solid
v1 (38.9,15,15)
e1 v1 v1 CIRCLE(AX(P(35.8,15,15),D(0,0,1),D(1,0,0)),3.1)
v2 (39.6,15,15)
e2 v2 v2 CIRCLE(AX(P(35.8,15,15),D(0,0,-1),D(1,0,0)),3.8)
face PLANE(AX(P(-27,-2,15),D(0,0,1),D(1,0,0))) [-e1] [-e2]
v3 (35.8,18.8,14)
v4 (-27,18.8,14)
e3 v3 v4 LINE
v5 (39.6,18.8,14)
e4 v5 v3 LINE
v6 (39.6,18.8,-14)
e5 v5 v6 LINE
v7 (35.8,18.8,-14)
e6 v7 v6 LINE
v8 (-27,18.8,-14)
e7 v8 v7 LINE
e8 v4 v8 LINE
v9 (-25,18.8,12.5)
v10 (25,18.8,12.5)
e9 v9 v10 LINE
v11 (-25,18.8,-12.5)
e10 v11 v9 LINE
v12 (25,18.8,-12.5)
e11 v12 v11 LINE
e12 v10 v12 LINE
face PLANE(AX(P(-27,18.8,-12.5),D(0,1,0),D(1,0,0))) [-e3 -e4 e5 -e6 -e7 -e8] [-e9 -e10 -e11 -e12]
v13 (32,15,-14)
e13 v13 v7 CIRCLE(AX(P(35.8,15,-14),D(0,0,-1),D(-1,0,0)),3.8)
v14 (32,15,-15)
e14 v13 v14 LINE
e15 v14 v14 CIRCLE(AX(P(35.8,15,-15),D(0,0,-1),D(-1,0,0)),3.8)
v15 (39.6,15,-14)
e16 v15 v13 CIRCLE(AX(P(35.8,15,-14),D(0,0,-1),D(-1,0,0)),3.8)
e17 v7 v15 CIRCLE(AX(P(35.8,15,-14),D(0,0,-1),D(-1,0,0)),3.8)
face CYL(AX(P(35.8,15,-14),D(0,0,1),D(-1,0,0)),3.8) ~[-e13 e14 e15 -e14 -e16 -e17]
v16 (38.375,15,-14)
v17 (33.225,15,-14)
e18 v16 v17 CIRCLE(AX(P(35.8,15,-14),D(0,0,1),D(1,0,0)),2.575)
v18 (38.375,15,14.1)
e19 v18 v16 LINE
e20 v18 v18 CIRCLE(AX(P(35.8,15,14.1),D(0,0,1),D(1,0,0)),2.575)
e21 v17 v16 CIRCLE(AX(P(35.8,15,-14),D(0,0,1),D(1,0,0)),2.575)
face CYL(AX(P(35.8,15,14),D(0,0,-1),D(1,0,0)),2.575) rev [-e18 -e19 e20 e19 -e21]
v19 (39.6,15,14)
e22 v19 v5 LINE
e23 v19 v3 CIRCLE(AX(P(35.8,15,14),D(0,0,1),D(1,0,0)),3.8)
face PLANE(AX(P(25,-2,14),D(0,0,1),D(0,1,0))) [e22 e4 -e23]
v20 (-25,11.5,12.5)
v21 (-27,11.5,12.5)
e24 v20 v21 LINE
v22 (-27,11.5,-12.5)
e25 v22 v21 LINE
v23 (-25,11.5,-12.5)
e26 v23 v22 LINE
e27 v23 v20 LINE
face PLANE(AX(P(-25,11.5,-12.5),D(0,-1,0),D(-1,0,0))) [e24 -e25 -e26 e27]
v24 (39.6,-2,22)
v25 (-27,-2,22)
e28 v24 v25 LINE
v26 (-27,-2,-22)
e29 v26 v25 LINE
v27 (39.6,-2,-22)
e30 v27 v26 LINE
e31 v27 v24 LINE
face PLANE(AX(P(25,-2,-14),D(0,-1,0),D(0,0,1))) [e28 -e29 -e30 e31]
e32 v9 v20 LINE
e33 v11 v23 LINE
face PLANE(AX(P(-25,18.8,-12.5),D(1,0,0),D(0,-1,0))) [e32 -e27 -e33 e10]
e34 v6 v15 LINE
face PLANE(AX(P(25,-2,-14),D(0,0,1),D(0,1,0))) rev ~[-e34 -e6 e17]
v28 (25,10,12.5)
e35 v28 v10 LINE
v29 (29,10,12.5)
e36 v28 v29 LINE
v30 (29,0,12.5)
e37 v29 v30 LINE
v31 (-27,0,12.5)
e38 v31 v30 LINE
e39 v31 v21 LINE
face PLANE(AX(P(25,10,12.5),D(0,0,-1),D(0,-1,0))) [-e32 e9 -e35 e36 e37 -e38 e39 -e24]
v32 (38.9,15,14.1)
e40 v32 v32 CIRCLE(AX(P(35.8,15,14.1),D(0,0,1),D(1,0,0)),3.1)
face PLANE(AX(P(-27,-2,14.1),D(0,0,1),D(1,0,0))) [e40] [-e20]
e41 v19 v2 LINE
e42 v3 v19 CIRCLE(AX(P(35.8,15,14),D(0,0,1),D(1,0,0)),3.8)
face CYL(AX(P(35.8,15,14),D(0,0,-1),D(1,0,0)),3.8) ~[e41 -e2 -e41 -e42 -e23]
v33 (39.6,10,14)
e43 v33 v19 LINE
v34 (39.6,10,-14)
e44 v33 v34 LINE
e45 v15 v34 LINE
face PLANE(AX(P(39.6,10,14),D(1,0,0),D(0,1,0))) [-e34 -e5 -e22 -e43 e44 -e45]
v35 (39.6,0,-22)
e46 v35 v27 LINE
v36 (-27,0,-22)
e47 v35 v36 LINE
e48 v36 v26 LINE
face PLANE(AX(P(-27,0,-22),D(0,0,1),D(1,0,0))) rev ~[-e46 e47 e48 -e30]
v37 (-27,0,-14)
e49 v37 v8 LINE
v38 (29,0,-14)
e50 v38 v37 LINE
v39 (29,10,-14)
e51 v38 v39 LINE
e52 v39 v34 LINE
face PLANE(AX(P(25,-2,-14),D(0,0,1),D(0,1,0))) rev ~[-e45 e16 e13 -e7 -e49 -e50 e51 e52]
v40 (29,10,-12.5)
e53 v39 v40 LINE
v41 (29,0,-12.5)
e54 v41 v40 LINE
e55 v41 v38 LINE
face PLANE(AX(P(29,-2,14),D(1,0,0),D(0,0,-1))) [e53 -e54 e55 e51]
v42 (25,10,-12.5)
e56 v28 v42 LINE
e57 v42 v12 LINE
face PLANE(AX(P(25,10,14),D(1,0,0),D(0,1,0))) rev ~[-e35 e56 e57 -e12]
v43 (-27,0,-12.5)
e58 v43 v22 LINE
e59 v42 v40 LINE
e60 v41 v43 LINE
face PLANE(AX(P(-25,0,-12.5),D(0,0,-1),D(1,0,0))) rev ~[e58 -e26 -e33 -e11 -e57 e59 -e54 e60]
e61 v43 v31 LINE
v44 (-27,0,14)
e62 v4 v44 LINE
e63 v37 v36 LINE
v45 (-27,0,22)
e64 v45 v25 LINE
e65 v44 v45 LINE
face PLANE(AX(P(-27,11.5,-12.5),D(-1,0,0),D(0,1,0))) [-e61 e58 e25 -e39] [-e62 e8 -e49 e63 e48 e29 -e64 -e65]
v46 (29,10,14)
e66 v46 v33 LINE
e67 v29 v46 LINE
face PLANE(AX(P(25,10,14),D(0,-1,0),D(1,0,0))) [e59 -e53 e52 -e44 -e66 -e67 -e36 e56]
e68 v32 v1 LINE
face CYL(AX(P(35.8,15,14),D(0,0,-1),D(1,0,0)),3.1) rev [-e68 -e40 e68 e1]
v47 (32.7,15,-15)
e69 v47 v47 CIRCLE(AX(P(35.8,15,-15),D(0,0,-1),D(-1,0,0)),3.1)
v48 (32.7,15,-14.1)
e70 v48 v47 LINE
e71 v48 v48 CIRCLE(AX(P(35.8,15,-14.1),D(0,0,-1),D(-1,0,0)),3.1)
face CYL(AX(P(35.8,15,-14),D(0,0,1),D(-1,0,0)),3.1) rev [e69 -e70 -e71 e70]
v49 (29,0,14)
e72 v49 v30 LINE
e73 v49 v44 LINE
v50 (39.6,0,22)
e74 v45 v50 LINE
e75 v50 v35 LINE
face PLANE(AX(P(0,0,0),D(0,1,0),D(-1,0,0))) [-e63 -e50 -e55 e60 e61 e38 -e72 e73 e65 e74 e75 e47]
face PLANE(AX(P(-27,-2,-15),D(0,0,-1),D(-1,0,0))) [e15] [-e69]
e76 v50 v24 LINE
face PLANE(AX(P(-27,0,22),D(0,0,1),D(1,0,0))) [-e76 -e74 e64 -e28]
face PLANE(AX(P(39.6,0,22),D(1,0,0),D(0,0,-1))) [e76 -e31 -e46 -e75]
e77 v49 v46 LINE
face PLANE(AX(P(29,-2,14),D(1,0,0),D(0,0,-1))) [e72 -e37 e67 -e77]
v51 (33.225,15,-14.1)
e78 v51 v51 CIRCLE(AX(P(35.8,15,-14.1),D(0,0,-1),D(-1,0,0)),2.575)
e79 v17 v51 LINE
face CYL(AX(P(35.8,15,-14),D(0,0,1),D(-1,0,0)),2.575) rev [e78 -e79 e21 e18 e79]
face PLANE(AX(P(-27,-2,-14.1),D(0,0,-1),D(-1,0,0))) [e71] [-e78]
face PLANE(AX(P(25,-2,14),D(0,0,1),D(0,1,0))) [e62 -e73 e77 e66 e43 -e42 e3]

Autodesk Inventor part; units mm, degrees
ref_plane "YZ Plane" through (0, 0, 0) normal (1, 0, 0) x (0, 1, 0)
ref_plane "XZ Plane" through (0, 0, 0) normal (0, 1, 0) x (-1, 0, 0)
ref_plane "XY Plane" through (0, 0, 0) normal (0, 0, 1) x (1, 0, 0)
sketch "Sketch1" plane through (0, 0, 0) normal (0, 1, 0) x (-1, 0, 0)
  line L0 (-25, 12.5) -> (25, 12.5)
  line L1 (25, 12.5) -> (25, -12.5)
  line L2 (25, -12.5) -> (-25, -12.5)
  line L3 (-25, -12.5) -> (-25, 12.5)
  line L4 (-25, 12.5) -> (25, -12.5) construction
  line L5 (25, 12.5) -> (-25, -12.5) construction
  line L6 (27, 14) -> (27, -14)
  line L7 (-25, 12.5) -> (-25, 14)
  line L8 (-25, 14) -> (27, 14)
  line L9 (27, -14) -> (-25, -14)
  line L10 (-25, -14) -> (-25, -12.5)
  line L11 (25, 12.5) -> (27, 12.5)
  line L12 (25, -12.5) -> (27, -12.5)
  line L13 (-25, -14) -> (27, -14)
  line L14 (27, -14) -> (27, -22)
  line L15 (27, -22) -> (-25, -22)
  line L16 (-25, -22) -> (-25, -14)
  line L17 (27, 0) -> (-25, 0)
  line L18 (-25, 14) -> (27, 14)
  line L19 (27, 14) -> (27, 22)
  line L20 (27, 22) -> (-25, 22)
  line L21 (-25, 22) -> (-25, 14)
  point P0 (0, 0)
  point P1 (27, 14)
  dimension "d0" = 25
  dimension "d1" = 50
  dimension "d2" = 2
  dimension "d3" = 1.5
  dimension "d4" = 1.5
  dimension "d60" = 8
extrude "Extrusion1" add sketch "Sketch1" against normal blind 2 contours L7 L8 L6 L11 L0 | L0 L1 L17 L3 | L11 L6 L17 L1 | L17 L1 L2 L3 | L17 L6 L12 L1 | L2 L12 L6 L9 L10
extrude "Extrusion2" add sketch "Sketch1" along normal blind 18.8 contours L7 L8 L6 L11 L0 | L2 L12 L6 L9 L10
sketch "Sketch2" plane through (-27, 0, -12.5) normal (0, 0, 1) x (1, 0, 0)
  line L0 (0, 18.8) -> (0, 20)
  line L1 (0, 0) -> (0, 18.8) projected
  line L2 (0, 18.8) -> (2, 18.8)
  line L3 (0, 18.8) -> (52, 18.8) projected
  line L4 (2, 18.8) -> (2, 11.5)
  line L5 (52, 0) -> (0, 0) projected
  line L6 (2, 11.5) -> (0, 11.5)
  line L7 (0, -2) -> (0, 18.8) projected
  point P0 (27, 0)
  dimension "d13" = 11.5
  dimension "d14" = 20
  dimension "d15" = 2
extrude "Extrusion3" add sketch "Sketch2" along normal up to surface (25 mm away)
sketch "Sketch4" plane through (-27, -2, 14) normal (0, 0, 1) x (1, 0, 0)
  circle A0 centre (62.8, 17) radius 2.575
  circle A1 centre (62.8, 17) radius 3.1
  circle A2 centre (62.8, 17) radius 3.8
  line L0 (52, 2) -> (52, 20.8) projected
  line L1 (52, 12) -> (66.6, 12)
  line L2 (66.6, 12) -> (66.6, 20.8)
  line L3 (66.6, 20.8) -> (52, 20.8)
  point P0 (27, 2)
  dimension "d31" = 5.15
  dimension "d32" = 6.2
  dimension "d33" = 0.7
  dimension "d34" = 10
  dimension "d35" = 15
  dimension "d61" = 14.6
extrude "Extrusion4" add sketch "Sketch4" against normal up to surface (28 mm away) contours A1 | A2 | L2 L1 L0 L3 A2 | A2 L3 L2
sketch "Sketch5" plane through (25, -2, 14) normal (1, 0, 0) x (0, 0, -1)
  line L0 (0, 0) -> (0, 12) projected
  line L1 (0, 2) -> (28, 2)
  line L2 (28, 0) -> (28, 12) projected
  line L3 (1.5, 2) -> (26.5, 2) projected
  line L4 (28, 12) -> (26.5, 12) projected
  line L5 (26.5, 2) -> (26.5, 12) projected
  line L6 (1.5, 12) -> (1.5, 2) projected
  line L7 (26.5, 12) -> (1.5, 12) projected
  line L8 (26.5, 12) -> (26.5, 20.8) projected
  line L9 (26.5, 20.8) -> (28, 20.8) projected
  line L10 (28, 20.8) -> (28, 12) projected
  line L11 (28, 12) -> (28, 0) projected
  line L12 (28, 0) -> (0, 0) projected
  line L13 (0, 0) -> (0, 12) projected
  line L14 (0, 12) -> (0, 20.8) projected
  line L15 (0, 20.8) -> (1.5, 20.8) projected
  line L16 (1.5, 20.8) -> (1.5, 12) projected
  line L17 (1.5, 12) -> (0, 12) projected
  line L18 (1.5, 20.8) -> (26.5, 20.8) projected
  line L19 (1.5, 2) -> (26.5, 2) projected
  point P0 (14, 2)
extrude "Extrusion6" add sketch "Sketch5" along normal up to surface (14.6 mm away) contours L0 L1 L2 L12
extrude "Extrusion8" add sketch "Sketch5" along normal blind 4 contours L0 L17 L6 L1 | L1 L5 L4 L2
extrude "Extrusion9" add sketch "Sketch4" along normal blind 1 contours A2
extrude "Extrusion10" add sketch "Sketch4" along normal blind 0.1 contours A1
sketch "Sketch7" plane through (-27, -2, -14) normal (0, 0, -1) x (-1, 0, 0)
  circle A0 centre (-62.8, 17) radius 3.8 projected
  circle A1 centre (-62.8, 17) radius 3.1 projected
  circle A2 centre (-62.8, 17) radius 3.1 projected
  circle A3 centre (-62.8, 17) radius 2.575 projected
  point P0 (-27, 2)
extrude "Extrusion11" add sketch "Sketch7" along normal blind 0.1 contours A1
extrude "Extrusion12" add sketch "Sketch7" along normal blind 1 contours A0
extrude "Extrusion13" add sketch "Sketch1" against normal up to surface (2 mm away) contours L21 L20 L19 L8 | L9 L14 L15 L16
sketch "Sketch8" plane through (25, 0, 22) normal (1, 0, 0) x (0, 0, -1)
  line L0 (0, -2) -> (8, -2) projected
  line L1 (8, 0) -> (8, -2) projected
  line L2 (0, 0) -> (8, 0) projected
  line L3 (0, 0) -> (0, -2) projected
  line L4 (36, -2) -> (44, -2) projected
  line L5 (44, 0) -> (44, -2) projected
  line L6 (36, 0) -> (44, 0) projected
  line L7 (36, -2) -> (36, 0) projected
  point P0 (22, 0)
extrude "Extrusion14" add sketch "Sketch8" along normal up to surface (14.6 mm away)
equation "\"d4\" = d3"
equation "\"d15\" = d2"
properties part number "chaimber"
